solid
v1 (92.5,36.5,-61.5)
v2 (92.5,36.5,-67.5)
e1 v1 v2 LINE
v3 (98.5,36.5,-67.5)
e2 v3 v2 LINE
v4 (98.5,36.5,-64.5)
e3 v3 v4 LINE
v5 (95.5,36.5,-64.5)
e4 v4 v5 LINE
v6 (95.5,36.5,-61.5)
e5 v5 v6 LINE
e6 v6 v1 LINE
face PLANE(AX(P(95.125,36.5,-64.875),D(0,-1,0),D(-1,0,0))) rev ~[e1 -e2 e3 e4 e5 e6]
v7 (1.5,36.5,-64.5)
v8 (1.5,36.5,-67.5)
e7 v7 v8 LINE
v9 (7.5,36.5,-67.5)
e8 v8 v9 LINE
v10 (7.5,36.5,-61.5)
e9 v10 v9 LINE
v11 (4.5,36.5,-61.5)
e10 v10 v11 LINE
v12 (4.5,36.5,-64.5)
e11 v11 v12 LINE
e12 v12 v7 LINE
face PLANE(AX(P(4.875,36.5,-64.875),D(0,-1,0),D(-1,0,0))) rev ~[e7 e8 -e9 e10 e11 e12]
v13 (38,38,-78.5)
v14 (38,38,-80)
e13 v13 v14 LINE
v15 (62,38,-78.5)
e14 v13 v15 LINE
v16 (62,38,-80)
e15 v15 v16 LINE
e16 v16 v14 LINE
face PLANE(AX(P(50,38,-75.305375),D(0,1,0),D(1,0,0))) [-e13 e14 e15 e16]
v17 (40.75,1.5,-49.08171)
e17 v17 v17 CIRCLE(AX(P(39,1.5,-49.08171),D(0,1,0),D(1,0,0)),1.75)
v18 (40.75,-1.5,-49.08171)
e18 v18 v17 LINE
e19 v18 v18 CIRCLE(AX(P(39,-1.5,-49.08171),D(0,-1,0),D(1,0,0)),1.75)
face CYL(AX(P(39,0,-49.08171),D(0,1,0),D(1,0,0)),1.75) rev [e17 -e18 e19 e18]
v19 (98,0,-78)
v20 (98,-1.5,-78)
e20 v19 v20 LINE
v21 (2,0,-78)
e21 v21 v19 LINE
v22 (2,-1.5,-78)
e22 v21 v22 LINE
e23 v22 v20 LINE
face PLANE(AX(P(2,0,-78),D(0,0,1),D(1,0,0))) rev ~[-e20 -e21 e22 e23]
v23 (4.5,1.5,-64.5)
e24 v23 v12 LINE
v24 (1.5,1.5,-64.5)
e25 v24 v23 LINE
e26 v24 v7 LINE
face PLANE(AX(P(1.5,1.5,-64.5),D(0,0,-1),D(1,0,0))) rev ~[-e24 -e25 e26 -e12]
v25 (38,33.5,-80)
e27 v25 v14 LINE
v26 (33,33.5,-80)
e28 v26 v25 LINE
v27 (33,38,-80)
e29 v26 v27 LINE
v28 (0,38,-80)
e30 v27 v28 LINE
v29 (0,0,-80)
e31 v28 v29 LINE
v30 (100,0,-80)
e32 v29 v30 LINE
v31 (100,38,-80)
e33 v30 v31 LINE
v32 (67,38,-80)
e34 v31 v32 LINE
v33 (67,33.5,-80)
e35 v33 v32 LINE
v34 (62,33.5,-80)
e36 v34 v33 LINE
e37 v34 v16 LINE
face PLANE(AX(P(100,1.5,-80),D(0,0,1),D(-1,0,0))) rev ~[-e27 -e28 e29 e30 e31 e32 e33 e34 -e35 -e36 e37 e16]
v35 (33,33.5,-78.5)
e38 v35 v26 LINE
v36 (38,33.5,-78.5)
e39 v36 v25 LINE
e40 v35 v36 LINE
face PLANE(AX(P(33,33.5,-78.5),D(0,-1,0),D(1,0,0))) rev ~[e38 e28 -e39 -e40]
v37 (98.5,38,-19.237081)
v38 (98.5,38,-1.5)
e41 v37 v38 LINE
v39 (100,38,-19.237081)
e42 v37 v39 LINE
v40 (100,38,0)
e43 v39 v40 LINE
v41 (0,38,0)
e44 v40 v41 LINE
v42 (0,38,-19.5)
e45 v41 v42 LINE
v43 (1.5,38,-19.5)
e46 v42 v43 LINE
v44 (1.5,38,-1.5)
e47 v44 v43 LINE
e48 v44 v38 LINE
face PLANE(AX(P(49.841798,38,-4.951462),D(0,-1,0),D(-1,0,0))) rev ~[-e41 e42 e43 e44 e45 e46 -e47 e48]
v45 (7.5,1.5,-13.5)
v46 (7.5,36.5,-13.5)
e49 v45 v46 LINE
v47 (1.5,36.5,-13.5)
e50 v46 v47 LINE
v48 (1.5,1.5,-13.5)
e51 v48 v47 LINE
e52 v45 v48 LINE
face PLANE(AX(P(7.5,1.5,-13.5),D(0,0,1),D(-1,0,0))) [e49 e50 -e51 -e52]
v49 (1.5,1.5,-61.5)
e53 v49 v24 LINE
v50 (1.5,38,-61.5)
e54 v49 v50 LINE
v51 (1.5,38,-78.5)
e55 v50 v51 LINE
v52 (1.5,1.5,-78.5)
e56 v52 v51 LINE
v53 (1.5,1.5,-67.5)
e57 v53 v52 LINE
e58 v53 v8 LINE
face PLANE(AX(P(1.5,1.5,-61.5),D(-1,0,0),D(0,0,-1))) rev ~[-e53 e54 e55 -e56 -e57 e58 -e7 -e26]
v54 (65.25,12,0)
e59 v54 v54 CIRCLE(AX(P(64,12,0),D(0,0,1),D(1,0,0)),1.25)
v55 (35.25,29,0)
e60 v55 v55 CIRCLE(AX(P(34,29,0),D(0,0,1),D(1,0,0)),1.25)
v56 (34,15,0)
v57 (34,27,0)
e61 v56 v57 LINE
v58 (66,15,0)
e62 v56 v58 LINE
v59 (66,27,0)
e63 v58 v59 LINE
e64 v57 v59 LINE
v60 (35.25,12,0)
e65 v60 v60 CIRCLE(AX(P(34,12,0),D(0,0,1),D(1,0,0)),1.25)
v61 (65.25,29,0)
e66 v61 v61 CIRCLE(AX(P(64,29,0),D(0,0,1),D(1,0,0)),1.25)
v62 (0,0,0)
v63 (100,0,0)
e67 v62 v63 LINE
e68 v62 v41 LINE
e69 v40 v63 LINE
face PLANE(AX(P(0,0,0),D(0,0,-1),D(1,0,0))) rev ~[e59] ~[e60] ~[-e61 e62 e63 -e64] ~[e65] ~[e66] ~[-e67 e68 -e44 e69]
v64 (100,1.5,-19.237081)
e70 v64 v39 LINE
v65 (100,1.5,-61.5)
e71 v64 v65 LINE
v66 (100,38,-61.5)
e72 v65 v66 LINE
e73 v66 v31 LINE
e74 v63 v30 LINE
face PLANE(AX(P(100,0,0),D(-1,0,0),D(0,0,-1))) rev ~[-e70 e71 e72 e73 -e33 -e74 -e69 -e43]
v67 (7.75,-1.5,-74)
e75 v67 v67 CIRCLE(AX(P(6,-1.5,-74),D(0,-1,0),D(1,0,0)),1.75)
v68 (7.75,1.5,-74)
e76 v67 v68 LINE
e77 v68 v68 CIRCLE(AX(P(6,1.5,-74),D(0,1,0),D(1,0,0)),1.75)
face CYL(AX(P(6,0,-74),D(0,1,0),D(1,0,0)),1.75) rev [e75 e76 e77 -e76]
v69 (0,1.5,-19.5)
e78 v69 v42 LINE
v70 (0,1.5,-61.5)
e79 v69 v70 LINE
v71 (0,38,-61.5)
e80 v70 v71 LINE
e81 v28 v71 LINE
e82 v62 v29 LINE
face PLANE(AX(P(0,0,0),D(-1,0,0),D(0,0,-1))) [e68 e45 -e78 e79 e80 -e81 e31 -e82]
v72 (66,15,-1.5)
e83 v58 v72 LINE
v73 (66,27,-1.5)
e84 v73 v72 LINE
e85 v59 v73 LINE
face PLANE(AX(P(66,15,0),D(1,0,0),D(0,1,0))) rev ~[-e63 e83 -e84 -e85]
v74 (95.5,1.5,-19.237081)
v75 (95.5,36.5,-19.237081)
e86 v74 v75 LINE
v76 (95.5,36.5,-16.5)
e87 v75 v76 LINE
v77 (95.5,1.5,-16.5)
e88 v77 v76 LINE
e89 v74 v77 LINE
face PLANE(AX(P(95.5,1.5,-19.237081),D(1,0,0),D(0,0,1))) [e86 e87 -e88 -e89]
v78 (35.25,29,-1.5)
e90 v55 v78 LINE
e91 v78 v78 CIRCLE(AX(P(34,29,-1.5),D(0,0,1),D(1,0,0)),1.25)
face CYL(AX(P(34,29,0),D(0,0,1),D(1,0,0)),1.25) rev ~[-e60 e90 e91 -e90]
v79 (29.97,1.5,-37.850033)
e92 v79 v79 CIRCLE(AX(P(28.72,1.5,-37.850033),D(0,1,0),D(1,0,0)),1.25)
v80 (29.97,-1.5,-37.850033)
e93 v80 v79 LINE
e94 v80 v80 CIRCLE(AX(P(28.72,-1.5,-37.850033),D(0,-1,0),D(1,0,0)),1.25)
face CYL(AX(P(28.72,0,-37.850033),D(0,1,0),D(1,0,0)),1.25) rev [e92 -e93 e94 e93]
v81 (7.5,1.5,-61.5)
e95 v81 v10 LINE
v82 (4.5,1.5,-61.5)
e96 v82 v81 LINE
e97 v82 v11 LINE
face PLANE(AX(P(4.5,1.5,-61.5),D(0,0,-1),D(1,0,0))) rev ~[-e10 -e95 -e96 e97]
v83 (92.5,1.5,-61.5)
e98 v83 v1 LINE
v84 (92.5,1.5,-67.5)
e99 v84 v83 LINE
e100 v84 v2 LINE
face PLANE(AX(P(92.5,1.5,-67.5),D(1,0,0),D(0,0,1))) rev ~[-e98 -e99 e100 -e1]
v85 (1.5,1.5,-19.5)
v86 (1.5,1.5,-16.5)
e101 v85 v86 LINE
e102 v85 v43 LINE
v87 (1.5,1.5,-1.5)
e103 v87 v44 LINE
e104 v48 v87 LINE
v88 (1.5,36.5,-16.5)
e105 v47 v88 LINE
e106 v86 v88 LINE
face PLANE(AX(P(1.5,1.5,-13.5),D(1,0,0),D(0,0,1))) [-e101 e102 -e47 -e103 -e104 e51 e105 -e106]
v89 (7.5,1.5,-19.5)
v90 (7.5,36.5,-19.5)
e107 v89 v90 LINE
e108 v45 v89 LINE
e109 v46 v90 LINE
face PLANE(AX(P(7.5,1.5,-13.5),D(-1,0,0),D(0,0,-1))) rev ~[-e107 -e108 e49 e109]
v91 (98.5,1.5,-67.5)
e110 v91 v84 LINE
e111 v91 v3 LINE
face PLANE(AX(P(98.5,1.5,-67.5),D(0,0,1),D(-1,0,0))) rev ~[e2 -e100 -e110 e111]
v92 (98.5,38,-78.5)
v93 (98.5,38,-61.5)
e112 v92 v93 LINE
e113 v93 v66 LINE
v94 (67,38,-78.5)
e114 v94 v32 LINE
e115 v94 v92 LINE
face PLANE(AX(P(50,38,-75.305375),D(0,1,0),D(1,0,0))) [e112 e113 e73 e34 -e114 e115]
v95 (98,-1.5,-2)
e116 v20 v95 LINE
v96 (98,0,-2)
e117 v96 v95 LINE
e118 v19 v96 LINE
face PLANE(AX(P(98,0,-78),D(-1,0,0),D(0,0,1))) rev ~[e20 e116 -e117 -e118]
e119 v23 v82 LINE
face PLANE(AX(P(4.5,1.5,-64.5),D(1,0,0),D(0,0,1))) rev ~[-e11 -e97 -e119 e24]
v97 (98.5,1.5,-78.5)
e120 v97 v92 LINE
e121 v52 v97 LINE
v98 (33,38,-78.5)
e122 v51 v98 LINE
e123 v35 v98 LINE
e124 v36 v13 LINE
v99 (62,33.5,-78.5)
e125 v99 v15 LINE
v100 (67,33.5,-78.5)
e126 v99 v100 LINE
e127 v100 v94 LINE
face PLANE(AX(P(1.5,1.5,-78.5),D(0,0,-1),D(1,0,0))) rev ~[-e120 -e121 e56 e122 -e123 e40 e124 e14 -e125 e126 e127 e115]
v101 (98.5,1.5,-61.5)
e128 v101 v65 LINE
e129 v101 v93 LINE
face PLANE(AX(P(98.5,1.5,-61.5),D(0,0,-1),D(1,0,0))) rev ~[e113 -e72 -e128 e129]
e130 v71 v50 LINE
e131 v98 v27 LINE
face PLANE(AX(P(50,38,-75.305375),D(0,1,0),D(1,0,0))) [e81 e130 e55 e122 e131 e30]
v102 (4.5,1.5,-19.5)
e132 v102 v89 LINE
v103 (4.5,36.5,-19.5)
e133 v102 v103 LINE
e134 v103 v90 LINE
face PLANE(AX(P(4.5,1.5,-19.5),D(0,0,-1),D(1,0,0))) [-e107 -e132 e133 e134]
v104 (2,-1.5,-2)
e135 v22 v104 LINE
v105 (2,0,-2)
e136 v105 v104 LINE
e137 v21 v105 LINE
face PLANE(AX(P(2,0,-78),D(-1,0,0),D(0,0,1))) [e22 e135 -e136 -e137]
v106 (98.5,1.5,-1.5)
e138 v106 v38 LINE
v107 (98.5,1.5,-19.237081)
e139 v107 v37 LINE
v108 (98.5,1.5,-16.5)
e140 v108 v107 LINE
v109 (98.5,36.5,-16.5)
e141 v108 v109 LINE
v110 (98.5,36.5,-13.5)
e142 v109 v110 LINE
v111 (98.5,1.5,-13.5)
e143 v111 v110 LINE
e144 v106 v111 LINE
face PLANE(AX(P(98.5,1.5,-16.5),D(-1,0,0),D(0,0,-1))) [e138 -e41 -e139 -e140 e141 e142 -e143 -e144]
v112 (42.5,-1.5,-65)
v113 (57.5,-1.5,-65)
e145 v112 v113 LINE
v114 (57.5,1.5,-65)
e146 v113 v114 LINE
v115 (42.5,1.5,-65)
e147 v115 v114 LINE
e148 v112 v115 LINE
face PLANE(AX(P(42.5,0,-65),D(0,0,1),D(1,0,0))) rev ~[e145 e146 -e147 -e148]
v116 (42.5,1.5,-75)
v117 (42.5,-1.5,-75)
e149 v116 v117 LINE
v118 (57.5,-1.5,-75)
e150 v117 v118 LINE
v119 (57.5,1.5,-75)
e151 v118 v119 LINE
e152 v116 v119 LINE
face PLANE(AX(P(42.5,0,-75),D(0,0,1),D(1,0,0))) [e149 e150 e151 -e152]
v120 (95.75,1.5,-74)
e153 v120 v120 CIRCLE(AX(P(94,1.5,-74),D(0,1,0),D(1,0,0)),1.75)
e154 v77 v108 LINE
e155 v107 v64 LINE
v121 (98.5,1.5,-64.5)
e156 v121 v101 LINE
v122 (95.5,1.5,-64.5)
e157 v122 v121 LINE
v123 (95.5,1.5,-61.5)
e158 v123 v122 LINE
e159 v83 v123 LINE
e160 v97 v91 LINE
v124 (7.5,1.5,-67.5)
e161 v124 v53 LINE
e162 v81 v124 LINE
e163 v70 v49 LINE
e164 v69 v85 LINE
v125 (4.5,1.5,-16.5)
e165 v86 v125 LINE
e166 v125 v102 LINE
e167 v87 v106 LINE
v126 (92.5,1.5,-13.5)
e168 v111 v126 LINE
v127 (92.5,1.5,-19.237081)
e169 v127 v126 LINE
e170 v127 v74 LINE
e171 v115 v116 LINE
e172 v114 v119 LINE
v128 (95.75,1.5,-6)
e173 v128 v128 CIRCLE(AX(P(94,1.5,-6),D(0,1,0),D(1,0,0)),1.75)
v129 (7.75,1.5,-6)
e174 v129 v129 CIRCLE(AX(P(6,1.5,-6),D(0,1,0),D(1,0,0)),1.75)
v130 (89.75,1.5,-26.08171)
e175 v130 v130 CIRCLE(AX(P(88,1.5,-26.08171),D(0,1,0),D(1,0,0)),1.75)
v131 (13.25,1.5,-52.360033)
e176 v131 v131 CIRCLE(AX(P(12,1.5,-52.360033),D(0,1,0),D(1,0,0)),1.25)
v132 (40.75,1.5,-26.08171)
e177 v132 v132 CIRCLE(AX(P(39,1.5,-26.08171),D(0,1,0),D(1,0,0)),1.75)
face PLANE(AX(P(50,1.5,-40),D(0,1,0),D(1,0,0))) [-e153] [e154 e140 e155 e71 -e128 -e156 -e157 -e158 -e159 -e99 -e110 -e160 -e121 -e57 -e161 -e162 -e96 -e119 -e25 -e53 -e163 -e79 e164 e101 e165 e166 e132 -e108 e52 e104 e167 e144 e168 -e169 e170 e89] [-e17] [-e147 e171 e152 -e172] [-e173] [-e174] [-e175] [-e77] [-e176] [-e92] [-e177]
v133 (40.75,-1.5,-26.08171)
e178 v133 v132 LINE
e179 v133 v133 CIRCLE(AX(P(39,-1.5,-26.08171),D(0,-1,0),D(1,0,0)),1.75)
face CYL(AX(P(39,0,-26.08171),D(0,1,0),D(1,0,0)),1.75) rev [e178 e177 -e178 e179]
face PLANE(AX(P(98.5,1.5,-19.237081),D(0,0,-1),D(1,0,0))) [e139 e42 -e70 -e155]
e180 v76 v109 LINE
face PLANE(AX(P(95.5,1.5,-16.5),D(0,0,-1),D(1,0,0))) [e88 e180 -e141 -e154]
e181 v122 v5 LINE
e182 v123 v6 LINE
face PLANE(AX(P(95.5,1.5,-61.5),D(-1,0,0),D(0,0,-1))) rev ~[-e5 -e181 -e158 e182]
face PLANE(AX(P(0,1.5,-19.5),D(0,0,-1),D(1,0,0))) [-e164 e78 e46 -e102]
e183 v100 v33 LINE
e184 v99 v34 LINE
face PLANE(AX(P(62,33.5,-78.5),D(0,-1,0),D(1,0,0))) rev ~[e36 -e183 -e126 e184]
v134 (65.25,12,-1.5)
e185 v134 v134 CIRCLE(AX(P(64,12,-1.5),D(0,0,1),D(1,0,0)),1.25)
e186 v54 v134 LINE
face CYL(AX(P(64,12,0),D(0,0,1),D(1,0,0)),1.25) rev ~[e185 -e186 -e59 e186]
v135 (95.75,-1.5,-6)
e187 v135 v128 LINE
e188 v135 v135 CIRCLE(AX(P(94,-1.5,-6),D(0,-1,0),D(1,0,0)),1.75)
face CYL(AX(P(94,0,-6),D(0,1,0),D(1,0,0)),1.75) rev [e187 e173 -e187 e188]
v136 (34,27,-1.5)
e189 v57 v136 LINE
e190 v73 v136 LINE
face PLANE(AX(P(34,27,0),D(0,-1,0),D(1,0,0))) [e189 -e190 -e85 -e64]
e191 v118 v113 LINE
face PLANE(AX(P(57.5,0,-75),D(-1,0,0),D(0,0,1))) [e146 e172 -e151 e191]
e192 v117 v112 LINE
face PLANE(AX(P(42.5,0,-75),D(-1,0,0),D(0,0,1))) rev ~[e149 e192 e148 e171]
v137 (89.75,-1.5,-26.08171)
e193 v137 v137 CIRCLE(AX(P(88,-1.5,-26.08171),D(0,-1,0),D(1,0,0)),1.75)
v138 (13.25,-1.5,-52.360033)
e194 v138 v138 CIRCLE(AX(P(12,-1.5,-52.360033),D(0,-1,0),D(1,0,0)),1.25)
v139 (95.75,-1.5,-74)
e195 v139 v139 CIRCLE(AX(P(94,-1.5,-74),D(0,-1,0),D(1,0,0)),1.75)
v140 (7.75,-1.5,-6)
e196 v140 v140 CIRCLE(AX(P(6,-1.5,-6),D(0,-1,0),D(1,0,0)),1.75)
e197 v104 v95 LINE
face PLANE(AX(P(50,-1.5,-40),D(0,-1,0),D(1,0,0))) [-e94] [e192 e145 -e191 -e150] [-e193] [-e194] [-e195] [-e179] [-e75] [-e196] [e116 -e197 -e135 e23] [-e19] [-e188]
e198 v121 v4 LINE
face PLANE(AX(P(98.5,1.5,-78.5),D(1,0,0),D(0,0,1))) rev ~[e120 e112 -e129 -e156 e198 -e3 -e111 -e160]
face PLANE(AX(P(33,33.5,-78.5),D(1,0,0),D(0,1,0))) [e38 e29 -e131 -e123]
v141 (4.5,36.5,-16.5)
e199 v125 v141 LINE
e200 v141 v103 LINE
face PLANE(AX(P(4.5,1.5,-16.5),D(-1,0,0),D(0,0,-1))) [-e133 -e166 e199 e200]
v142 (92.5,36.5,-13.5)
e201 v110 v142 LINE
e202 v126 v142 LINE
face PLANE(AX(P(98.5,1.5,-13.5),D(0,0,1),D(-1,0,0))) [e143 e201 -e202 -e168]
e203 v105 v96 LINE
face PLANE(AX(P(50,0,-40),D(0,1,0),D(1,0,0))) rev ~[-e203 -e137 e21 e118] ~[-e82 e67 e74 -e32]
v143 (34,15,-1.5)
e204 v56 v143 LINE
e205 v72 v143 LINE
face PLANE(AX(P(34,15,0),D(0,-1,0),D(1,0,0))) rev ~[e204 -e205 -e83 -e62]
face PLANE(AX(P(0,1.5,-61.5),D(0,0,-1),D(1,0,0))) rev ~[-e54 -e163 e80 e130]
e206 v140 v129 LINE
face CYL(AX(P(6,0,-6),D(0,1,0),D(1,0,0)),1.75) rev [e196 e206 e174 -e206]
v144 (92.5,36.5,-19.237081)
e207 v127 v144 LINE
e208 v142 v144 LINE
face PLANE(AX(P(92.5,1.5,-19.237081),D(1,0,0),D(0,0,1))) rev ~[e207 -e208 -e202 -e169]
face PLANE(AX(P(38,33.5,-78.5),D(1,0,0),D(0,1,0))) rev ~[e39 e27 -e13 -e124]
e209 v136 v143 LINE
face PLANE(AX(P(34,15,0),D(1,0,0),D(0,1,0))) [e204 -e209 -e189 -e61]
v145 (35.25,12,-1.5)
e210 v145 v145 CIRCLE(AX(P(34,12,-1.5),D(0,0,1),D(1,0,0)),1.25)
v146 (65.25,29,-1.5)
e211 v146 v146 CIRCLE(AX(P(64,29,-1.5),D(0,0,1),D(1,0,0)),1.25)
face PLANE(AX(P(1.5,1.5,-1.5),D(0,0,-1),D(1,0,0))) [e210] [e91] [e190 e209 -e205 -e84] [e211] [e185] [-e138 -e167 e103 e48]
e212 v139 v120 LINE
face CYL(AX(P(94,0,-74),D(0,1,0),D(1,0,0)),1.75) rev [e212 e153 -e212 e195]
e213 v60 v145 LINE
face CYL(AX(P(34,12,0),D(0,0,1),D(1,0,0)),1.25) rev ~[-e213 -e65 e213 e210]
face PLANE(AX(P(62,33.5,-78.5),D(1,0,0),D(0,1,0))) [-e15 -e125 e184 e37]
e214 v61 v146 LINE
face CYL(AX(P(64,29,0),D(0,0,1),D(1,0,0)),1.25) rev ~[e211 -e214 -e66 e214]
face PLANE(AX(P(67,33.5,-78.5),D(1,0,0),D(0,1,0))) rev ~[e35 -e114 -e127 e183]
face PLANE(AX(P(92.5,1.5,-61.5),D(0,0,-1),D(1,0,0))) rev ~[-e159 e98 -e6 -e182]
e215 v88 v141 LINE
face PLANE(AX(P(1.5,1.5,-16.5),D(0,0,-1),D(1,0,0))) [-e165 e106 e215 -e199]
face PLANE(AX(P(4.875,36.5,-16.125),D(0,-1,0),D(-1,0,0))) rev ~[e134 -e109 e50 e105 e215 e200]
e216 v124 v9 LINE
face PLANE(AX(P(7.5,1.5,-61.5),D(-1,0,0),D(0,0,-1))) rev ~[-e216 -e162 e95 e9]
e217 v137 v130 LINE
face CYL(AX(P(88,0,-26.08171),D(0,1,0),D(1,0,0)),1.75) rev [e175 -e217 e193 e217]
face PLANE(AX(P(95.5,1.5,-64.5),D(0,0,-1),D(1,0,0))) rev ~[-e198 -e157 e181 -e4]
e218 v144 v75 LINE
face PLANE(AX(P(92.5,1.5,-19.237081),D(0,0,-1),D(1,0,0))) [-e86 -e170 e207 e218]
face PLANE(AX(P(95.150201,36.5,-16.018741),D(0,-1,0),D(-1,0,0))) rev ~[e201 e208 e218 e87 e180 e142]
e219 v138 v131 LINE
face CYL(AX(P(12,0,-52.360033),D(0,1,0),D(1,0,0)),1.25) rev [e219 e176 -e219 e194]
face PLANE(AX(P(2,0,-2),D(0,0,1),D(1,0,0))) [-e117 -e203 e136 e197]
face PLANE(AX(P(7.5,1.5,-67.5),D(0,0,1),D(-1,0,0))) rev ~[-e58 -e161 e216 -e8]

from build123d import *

# Parameters (mm, degrees)
ESQUISSE1_W             = 100
ESQUISSE1_H             = 80
ESQUISSE1_R             = 1.75
ESQUISSE1_R_2           = 1.25
ESQUISSE1_W_2           = 15
ESQUISSE1_H_2           = 10
BOSS_EXTRU_1_DEPTH      = 1.5
BOSS_EXTRU_2_DEPTH      = 36.5
ESQUISSE3_R             = 1.25
ESQUISSE3_W             = 32
ESQUISSE3_H             = 12
ENL_V_MAT_EXTRU_1_DEPTH = 5
ESQUISSE4_W             = 96
ESQUISSE4_H             = 76
ESQUISSE4_R             = 1.75
ESQUISSE4_R_2           = 1.25
ESQUISSE4_W_2           = 15
ESQUISSE4_H_2           = 10
BOSS_EXTRU_3_DEPTH      = 1.5
ENL_V_MAT_EXTRU_2_DEPTH = 1.5
ESQUISSE6_W             = 5
ESQUISSE6_H             = 4.5
ENL_V_MAT_EXTRU_3_DEPTH = 10


with BuildPart() as part:
    # Esquisse1 → Boss.-Extru.1 (new body)
    with BuildSketch(Plane(origin=(0, 0, 0), x_dir=(1, 0, 0), z_dir=(0, 1, 0))):
        with Locations((50, 40)):
            Rectangle(ESQUISSE1_W, ESQUISSE1_H)
        with Locations((6, 74)):
            Circle(ESQUISSE1_R, mode=Mode.SUBTRACT)
        with Locations((94, 74)):
            Circle(ESQUISSE1_R, mode=Mode.SUBTRACT)
        with Locations((94, 6)):
            Circle(ESQUISSE1_R, mode=Mode.SUBTRACT)
        with Locations((6, 6)):
            Circle(ESQUISSE1_R, mode=Mode.SUBTRACT)
        with Locations((88, 26.081709878)):
            Circle(ESQUISSE1_R, mode=Mode.SUBTRACT)
        with Locations((39, 26.081709878)):
            Circle(ESQUISSE1_R, mode=Mode.SUBTRACT)
        with Locations((39, 49.081709878)):
            Circle(ESQUISSE1_R, mode=Mode.SUBTRACT)
        with Locations((28.72, 37.850032574)):
            Circle(ESQUISSE1_R_2, mode=Mode.SUBTRACT)
        with Locations((12, 52.360032574)):
            Circle(ESQUISSE1_R_2, mode=Mode.SUBTRACT)
        with Locations((50, 70)):
            Rectangle(ESQUISSE1_W_2, ESQUISSE1_H_2, mode=Mode.SUBTRACT)
    extrude(amount=BOSS_EXTRU_1_DEPTH)

    # Esquisse2 → Boss.-Extru.2 (add)
    with BuildSketch(Plane(origin=(0, 1.5, 0), x_dir=(1, 0, 0), z_dir=(0, 1, 0))):
        Polygon((1.5, 78.5), (98.5, 78.5), (98.5, 67.5), (92.5, 67.5), (92.5, 64.5), (92.5, 61.5), (95.5, 61.5), (95.5, 64.5), (98.5, 64.5), (98.5, 61.5), (100, 61.5), (100, 80), (0, 80), (0, 61.5), (1.5, 61.5), (1.5, 64.5), (4.5, 64.5), (4.5, 61.5), (7.5, 61.5), (7.5, 64.5), (7.5, 67.5), (1.5, 67.5), align=None)
        Polygon((1.5, 1.5), (98.5, 1.5), (98.5, 13.5), (92.5, 13.5), (92.5, 16.5), (92.5, 19.237081293), (95.5, 19.237081293), (95.5, 16.5), (98.5, 16.5), (98.5, 19.237081293), (100, 19.237081293), (100, 0), (0, 0), (0, 19.5), (1.5, 19.5), (1.5, 16.5), (4.5, 16.5), (4.5, 19.5), (7.5, 19.5), (7.5, 16.5), (7.5, 13.5), (1.5, 13.5), align=None)
    extrude(amount=BOSS_EXTRU_2_DEPTH)

    # Esquisse3 → Enlèv. mat.-Extru.1 (cut)
    with BuildSketch(Plane.XY):
        with Locations((34, 29)):
            Circle(ESQUISSE3_R)
        with Locations((34, 12)):
            Circle(ESQUISSE3_R)
        with Locations((64, 12)):
            Circle(ESQUISSE3_R)
        with Locations((64, 29)):
            Circle(ESQUISSE3_R)
        with Locations((50, 21)):
            Rectangle(ESQUISSE3_W, ESQUISSE3_H)
    extrude(amount=-ENL_V_MAT_EXTRU_1_DEPTH, mode=Mode.SUBTRACT)

    # Esquisse4 → Boss.-Extru.3 (add)
    with BuildSketch(Plane.XZ):
        with Locations((50, -40)):
            Rectangle(ESQUISSE4_W, ESQUISSE4_H)
        with Locations((6, -6)):
            Circle(ESQUISSE4_R, mode=Mode.SUBTRACT)
        with Locations((6, -74)):
            Circle(ESQUISSE4_R, mode=Mode.SUBTRACT)
        with Locations((94, -74)):
            Circle(ESQUISSE4_R, mode=Mode.SUBTRACT)
        with Locations((94, -6)):
            Circle(ESQUISSE4_R, mode=Mode.SUBTRACT)
        with Locations((88, -26.081709878)):
            Circle(ESQUISSE4_R, mode=Mode.SUBTRACT)
        with Locations((39, -49.081709878)):
            Circle(ESQUISSE4_R, mode=Mode.SUBTRACT)
        with Locations((39, -26.081709878)):
            Circle(ESQUISSE4_R, mode=Mode.SUBTRACT)
        with Locations((28.72, -37.850032574)):
            Circle(ESQUISSE4_R_2, mode=Mode.SUBTRACT)
        with Locations((12, -52.360032574)):
            Circle(ESQUISSE4_R_2, mode=Mode.SUBTRACT)
        with Locations((50, -70)):
            Rectangle(ESQUISSE4_W_2, ESQUISSE4_H_2, mode=Mode.SUBTRACT)
    extrude(amount=BOSS_EXTRU_3_DEPTH)

    # Esquisse5 → Enlèv. mat.-Extru.2 (cut)
    with BuildSketch(Plane(origin=(0, 38, 0), x_dir=(1, 0, 0), z_dir=(0, 1, 0))):
        Polygon((1.5, 67.5), (7.5, 67.5), (7.5, 64.5), (7.5, 61.5), (4.5, 61.5), (4.5, 64.5), (1.5, 64.5), align=None)
        Polygon((1.5, 16.5), (4.5, 16.5), (4.5, 19.5), (7.5, 19.5), (7.5, 16.503082132), (7.5, 13.5), (1.5, 13.5), align=None)
        Polygon((92.5, 19.237081293), (95.5, 19.237081293), (95.5, 16.5), (98.5, 16.5), (98.5, 13.5), (92.5, 13.5), align=None)
        Polygon((95.5, 61.5), (92.5, 61.5), (92.5, 67.5), (95.5, 67.5), (98.5, 67.5), (98.5, 64.5), (95.5, 64.5), align=None)
    extrude(amount=-ENL_V_MAT_EXTRU_2_DEPTH, mode=Mode.SUBTRACT)

    # Esquisse6 → Enlèv. mat.-Extru.3 (cut)
    with BuildSketch(Plane.XY.offset(-78.5)):
        with Locations((35.5, 35.75)):
            Rectangle(ESQUISSE6_W, ESQUISSE6_H)
        with Locations((64.5, 35.75)):
            Rectangle(ESQUISSE6_W, ESQUISSE6_H)
    extrude(amount=-ENL_V_MAT_EXTRU_3_DEPTH, mode=Mode.SUBTRACT)


solid = part.part
